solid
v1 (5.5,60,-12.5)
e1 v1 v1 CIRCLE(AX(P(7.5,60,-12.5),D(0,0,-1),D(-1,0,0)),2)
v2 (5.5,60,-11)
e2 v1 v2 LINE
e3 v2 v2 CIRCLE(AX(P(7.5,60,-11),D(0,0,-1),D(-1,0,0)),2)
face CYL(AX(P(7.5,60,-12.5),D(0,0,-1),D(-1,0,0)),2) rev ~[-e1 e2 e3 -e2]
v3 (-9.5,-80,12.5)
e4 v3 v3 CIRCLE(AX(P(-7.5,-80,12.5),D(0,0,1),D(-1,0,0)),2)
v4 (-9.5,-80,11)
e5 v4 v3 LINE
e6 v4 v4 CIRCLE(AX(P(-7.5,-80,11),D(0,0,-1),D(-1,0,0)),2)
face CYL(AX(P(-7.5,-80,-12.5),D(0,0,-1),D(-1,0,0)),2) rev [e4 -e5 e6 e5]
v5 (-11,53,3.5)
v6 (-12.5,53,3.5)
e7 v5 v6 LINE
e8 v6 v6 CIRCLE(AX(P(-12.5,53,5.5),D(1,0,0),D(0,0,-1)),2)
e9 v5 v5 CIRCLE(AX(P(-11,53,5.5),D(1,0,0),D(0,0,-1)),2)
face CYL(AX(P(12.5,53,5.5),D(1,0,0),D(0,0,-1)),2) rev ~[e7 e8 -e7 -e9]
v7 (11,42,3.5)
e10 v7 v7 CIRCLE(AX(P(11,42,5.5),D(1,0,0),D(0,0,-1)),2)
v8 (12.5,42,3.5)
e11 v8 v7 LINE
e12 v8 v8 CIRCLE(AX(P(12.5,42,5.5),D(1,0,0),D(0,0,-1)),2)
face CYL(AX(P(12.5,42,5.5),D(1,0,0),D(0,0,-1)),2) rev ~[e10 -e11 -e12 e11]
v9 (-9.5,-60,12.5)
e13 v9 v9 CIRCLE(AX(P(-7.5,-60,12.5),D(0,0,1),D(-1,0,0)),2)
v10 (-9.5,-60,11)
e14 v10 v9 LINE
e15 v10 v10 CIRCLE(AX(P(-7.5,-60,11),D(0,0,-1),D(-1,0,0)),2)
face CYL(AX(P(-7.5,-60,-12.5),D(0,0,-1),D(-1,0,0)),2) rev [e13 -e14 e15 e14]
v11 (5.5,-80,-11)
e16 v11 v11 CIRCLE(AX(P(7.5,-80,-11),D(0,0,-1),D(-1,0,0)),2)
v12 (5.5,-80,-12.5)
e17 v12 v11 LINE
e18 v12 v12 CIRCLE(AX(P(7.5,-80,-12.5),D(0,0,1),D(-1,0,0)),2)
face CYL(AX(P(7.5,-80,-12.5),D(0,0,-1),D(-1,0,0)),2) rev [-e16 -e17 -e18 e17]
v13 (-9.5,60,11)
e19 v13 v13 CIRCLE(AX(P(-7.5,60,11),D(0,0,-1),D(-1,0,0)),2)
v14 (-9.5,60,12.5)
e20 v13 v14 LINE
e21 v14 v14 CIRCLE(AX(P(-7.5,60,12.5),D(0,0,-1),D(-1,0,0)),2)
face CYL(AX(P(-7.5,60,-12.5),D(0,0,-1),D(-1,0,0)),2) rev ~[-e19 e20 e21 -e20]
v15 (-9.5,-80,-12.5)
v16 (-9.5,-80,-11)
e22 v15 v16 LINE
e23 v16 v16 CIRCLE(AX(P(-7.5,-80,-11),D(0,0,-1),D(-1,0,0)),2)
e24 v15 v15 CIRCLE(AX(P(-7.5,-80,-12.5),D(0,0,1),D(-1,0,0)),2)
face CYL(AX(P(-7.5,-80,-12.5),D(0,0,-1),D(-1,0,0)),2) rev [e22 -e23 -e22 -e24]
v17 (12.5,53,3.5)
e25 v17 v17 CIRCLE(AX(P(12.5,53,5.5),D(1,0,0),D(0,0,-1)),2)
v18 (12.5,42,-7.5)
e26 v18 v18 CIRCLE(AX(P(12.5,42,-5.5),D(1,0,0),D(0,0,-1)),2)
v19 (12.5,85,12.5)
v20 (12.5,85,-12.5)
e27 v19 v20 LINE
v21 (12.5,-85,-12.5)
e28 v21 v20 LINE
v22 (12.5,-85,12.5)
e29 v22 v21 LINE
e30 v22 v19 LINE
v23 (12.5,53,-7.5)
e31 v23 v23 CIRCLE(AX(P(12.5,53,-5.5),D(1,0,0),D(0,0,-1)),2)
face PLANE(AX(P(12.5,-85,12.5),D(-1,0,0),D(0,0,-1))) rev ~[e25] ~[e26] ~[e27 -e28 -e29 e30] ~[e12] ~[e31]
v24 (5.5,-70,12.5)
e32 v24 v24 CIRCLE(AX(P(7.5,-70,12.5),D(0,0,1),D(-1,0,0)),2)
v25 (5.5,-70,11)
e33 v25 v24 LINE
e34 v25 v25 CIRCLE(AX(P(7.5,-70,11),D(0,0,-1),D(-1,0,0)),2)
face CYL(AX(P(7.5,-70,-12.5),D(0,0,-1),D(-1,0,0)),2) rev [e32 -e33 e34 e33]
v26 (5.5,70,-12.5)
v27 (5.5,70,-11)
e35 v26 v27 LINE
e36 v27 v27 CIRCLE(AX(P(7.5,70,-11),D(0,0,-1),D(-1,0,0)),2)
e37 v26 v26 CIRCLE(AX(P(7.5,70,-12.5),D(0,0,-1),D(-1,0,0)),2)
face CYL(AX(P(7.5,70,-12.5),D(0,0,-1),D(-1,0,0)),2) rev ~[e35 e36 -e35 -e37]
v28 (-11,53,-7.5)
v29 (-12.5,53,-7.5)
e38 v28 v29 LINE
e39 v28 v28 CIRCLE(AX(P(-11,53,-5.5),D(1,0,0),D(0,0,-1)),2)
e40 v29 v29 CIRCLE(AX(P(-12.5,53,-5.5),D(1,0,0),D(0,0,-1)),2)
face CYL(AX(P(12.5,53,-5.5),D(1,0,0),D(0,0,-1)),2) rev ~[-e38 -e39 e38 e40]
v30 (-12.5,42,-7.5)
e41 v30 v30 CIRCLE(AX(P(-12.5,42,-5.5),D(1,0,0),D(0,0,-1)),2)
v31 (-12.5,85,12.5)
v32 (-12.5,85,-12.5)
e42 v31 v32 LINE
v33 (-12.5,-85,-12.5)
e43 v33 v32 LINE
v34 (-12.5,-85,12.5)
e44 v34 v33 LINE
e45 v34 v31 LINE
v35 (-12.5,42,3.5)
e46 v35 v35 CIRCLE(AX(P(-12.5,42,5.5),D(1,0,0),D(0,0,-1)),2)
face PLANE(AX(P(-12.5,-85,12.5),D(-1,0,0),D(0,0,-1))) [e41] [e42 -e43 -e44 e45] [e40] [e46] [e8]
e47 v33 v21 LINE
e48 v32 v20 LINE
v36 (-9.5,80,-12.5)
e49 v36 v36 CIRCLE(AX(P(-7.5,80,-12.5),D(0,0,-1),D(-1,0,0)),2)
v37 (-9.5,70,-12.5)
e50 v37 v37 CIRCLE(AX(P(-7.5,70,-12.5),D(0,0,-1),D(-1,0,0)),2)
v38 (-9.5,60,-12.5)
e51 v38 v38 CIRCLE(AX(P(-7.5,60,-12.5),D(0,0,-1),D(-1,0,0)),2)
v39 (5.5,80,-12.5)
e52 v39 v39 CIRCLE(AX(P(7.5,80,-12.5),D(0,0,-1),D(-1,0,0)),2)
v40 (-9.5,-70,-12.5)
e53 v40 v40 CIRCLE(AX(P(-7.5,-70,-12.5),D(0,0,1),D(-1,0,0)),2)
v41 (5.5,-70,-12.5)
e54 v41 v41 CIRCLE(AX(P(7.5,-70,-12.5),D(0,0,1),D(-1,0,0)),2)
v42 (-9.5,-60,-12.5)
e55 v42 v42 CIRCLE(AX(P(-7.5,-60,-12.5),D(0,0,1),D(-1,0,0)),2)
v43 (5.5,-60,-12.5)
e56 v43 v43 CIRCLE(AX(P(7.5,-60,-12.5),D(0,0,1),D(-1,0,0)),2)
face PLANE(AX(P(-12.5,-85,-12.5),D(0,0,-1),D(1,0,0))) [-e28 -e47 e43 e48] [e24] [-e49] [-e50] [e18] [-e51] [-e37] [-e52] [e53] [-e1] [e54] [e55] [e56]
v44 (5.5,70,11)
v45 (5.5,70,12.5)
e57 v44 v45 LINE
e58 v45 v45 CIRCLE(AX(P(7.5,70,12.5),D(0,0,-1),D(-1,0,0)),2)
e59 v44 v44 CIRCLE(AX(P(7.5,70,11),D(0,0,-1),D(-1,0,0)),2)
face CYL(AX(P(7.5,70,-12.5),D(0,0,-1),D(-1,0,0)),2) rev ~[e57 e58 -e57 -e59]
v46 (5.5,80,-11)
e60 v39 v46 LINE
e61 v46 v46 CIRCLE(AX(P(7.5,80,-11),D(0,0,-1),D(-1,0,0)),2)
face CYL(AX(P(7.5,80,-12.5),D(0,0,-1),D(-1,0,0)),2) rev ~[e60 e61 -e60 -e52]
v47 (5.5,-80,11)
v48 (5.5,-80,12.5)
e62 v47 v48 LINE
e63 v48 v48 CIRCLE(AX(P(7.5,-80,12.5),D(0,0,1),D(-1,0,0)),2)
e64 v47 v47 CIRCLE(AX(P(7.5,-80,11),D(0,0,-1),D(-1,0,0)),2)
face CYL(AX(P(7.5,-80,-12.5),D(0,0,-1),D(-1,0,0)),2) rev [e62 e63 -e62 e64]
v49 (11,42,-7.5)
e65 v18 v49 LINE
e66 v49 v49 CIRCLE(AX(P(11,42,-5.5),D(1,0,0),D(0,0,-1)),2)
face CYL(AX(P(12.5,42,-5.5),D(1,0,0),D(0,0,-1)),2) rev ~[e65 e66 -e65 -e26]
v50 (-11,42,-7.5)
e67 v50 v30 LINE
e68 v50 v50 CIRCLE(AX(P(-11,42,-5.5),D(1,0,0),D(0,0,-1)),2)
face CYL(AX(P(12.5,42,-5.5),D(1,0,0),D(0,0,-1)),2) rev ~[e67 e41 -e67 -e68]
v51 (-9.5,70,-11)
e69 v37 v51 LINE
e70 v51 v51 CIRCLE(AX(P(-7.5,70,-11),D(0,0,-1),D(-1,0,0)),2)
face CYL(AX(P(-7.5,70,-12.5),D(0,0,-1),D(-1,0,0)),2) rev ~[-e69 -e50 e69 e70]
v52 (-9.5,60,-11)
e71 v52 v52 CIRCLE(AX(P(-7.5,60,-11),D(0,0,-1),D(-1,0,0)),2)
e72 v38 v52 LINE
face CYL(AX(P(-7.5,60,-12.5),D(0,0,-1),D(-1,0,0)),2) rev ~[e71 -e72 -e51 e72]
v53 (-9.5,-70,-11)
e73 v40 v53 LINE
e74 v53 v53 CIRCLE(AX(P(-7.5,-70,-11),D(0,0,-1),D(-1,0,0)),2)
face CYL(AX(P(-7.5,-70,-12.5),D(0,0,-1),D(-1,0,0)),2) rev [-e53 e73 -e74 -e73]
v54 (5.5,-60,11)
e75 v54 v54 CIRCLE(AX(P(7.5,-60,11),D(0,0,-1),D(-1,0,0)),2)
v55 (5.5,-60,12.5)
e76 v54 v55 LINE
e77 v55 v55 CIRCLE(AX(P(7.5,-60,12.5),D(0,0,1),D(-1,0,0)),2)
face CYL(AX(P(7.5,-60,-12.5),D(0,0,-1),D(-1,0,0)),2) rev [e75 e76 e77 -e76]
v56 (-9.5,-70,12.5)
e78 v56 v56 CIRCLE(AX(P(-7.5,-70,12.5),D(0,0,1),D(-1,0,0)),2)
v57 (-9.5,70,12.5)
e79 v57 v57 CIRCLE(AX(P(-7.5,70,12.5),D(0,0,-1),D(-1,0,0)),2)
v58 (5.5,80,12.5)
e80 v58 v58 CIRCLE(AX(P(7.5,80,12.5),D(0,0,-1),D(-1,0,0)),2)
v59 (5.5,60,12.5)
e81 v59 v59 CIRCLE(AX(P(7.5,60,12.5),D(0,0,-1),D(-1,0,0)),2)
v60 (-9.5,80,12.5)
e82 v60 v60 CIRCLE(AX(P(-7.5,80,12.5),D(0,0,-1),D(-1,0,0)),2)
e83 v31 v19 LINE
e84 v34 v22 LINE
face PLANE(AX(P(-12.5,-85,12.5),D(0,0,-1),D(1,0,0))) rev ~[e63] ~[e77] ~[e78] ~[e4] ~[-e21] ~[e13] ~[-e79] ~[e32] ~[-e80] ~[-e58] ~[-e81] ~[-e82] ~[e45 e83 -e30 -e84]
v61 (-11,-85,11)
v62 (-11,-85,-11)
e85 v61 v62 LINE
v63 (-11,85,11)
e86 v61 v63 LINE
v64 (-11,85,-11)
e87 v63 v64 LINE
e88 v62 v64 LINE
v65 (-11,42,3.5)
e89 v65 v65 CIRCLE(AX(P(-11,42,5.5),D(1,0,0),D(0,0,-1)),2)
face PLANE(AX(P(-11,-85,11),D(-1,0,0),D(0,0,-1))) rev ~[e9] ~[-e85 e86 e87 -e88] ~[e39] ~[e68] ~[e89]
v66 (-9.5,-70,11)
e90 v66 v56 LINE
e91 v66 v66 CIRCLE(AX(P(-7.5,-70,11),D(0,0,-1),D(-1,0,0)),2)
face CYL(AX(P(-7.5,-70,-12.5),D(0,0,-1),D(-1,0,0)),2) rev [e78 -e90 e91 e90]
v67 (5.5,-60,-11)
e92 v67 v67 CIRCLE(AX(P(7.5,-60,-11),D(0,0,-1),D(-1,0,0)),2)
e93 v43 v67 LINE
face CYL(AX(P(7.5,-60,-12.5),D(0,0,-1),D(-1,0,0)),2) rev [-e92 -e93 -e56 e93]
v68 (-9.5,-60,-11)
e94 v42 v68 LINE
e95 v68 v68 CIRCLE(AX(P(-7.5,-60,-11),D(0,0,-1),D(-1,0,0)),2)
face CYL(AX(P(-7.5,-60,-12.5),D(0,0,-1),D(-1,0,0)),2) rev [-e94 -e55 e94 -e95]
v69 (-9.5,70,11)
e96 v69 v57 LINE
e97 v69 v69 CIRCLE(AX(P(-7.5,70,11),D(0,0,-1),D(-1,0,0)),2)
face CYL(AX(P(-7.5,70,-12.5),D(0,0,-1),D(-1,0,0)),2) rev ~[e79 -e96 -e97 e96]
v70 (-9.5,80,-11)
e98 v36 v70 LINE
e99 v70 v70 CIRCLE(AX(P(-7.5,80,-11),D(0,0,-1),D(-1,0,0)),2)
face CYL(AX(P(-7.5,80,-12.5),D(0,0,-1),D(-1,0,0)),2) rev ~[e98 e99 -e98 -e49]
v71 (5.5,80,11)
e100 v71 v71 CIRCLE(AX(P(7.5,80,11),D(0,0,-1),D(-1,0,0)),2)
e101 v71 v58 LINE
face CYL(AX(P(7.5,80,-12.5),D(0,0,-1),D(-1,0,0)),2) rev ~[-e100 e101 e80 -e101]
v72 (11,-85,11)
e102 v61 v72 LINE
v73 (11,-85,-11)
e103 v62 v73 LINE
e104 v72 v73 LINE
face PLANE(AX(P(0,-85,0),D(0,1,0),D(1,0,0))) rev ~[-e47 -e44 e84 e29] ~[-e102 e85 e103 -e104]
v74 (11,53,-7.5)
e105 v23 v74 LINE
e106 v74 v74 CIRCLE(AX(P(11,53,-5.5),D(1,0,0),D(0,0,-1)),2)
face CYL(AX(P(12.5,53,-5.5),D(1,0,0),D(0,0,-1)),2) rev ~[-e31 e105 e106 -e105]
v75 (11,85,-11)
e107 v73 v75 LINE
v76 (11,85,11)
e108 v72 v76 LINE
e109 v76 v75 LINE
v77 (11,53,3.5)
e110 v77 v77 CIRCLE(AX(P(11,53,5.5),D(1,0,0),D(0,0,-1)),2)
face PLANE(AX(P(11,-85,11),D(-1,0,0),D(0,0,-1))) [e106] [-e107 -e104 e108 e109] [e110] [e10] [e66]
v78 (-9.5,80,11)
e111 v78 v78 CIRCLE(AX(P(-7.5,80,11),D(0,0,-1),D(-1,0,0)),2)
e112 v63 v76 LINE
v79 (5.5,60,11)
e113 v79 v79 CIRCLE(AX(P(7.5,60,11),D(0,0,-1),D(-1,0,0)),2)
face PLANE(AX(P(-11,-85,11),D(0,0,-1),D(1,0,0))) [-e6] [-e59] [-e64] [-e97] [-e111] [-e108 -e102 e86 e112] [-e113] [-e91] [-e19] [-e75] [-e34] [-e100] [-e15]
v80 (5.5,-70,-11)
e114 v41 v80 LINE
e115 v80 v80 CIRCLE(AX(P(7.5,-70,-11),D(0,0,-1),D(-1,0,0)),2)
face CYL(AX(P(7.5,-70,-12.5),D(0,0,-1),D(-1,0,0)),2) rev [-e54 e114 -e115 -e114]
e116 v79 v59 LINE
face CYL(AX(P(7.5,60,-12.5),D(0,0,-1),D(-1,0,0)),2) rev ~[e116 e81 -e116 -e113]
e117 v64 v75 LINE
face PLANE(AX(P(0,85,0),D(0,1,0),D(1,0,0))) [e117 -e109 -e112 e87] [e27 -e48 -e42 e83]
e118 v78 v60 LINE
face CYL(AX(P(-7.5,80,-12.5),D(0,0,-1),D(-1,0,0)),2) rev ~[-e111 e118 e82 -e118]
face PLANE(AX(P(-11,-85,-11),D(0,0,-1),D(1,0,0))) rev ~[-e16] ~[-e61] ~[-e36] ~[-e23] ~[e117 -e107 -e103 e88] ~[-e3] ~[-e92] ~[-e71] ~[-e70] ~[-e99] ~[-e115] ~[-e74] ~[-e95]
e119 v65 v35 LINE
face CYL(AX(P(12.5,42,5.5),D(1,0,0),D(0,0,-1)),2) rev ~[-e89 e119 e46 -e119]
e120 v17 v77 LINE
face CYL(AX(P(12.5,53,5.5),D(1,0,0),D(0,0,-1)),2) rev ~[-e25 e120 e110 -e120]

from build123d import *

# Parameters (mm, degrees)
BOSS_EXTRUDE1_DEPTH      = 85
BOSS_EXTRUDE1_DEPTH_BACK = 85
SKETCH1_W                = 25
SKETCH1_H                = 25
SKETCH1_W_2              = 22
SKETCH1_H_2              = 22
SKETCH2_R                = 2
CUT_EXTRUDE1_DEPTH       = 25
SKETCH3_R                = 2
CUT_EXTRUDE2_DEPTH       = 25


with BuildPart() as part:
    # Sketch1 → Boss-Extrude1 (new, two sides: drawn at the far end of the back side and taken through both)
    with BuildSketch(Plane(origin=(0, 0, 0), x_dir=(1, 0, 0), z_dir=(0, 1, 0)).offset(-BOSS_EXTRUDE1_DEPTH_BACK)):
        Rectangle(SKETCH1_W, SKETCH1_H)
        Rectangle(SKETCH1_W_2, SKETCH1_H_2, mode=Mode.SUBTRACT)
    extrude(amount=BOSS_EXTRUDE1_DEPTH + BOSS_EXTRUDE1_DEPTH_BACK)

    # Sketch2 → Cut-Extrude1 (cut)
    with BuildSketch(Plane(origin=(0, 0, -12.5), x_dir=(-1, 0, 0), z_dir=(0, 0, -1))):
        with Locations((7.5, 80)):
            Circle(SKETCH2_R)
        with Locations((7.5, 70)):
            Circle(SKETCH2_R)
        with Locations((-7.5, 80)):
            Circle(SKETCH2_R)
        with Locations((-7.5, 70)):
            Circle(SKETCH2_R)
        with Locations((7.5, 60)):
            Circle(SKETCH2_R)
        with Locations((-7.5, 60)):
            Circle(SKETCH2_R)
    cut_extrude1 = extrude(amount=-CUT_EXTRUDE1_DEPTH, mode=Mode.SUBTRACT)

    # Mirror1: Cut-Extrude1 across plane
    add(cut_extrude1.mirror(Plane.ZX), mode=Mode.SUBTRACT)

    # Sketch3 → Cut-Extrude2 (cut)
    with BuildSketch(Plane(origin=(12.5, 0, 0), x_dir=(0, 0, -1), z_dir=(1, 0, 0))):
        with Locations((5.5, 53)):
            Circle(SKETCH3_R)
        with Locations((5.5, 42)):
            Circle(SKETCH3_R)
        with Locations((-5.5, 53)):
            Circle(SKETCH3_R)
        with Locations((-5.5, 42)):
            Circle(SKETCH3_R)
    extrude(amount=-CUT_EXTRUDE2_DEPTH, mode=Mode.SUBTRACT)


solid = part.part
